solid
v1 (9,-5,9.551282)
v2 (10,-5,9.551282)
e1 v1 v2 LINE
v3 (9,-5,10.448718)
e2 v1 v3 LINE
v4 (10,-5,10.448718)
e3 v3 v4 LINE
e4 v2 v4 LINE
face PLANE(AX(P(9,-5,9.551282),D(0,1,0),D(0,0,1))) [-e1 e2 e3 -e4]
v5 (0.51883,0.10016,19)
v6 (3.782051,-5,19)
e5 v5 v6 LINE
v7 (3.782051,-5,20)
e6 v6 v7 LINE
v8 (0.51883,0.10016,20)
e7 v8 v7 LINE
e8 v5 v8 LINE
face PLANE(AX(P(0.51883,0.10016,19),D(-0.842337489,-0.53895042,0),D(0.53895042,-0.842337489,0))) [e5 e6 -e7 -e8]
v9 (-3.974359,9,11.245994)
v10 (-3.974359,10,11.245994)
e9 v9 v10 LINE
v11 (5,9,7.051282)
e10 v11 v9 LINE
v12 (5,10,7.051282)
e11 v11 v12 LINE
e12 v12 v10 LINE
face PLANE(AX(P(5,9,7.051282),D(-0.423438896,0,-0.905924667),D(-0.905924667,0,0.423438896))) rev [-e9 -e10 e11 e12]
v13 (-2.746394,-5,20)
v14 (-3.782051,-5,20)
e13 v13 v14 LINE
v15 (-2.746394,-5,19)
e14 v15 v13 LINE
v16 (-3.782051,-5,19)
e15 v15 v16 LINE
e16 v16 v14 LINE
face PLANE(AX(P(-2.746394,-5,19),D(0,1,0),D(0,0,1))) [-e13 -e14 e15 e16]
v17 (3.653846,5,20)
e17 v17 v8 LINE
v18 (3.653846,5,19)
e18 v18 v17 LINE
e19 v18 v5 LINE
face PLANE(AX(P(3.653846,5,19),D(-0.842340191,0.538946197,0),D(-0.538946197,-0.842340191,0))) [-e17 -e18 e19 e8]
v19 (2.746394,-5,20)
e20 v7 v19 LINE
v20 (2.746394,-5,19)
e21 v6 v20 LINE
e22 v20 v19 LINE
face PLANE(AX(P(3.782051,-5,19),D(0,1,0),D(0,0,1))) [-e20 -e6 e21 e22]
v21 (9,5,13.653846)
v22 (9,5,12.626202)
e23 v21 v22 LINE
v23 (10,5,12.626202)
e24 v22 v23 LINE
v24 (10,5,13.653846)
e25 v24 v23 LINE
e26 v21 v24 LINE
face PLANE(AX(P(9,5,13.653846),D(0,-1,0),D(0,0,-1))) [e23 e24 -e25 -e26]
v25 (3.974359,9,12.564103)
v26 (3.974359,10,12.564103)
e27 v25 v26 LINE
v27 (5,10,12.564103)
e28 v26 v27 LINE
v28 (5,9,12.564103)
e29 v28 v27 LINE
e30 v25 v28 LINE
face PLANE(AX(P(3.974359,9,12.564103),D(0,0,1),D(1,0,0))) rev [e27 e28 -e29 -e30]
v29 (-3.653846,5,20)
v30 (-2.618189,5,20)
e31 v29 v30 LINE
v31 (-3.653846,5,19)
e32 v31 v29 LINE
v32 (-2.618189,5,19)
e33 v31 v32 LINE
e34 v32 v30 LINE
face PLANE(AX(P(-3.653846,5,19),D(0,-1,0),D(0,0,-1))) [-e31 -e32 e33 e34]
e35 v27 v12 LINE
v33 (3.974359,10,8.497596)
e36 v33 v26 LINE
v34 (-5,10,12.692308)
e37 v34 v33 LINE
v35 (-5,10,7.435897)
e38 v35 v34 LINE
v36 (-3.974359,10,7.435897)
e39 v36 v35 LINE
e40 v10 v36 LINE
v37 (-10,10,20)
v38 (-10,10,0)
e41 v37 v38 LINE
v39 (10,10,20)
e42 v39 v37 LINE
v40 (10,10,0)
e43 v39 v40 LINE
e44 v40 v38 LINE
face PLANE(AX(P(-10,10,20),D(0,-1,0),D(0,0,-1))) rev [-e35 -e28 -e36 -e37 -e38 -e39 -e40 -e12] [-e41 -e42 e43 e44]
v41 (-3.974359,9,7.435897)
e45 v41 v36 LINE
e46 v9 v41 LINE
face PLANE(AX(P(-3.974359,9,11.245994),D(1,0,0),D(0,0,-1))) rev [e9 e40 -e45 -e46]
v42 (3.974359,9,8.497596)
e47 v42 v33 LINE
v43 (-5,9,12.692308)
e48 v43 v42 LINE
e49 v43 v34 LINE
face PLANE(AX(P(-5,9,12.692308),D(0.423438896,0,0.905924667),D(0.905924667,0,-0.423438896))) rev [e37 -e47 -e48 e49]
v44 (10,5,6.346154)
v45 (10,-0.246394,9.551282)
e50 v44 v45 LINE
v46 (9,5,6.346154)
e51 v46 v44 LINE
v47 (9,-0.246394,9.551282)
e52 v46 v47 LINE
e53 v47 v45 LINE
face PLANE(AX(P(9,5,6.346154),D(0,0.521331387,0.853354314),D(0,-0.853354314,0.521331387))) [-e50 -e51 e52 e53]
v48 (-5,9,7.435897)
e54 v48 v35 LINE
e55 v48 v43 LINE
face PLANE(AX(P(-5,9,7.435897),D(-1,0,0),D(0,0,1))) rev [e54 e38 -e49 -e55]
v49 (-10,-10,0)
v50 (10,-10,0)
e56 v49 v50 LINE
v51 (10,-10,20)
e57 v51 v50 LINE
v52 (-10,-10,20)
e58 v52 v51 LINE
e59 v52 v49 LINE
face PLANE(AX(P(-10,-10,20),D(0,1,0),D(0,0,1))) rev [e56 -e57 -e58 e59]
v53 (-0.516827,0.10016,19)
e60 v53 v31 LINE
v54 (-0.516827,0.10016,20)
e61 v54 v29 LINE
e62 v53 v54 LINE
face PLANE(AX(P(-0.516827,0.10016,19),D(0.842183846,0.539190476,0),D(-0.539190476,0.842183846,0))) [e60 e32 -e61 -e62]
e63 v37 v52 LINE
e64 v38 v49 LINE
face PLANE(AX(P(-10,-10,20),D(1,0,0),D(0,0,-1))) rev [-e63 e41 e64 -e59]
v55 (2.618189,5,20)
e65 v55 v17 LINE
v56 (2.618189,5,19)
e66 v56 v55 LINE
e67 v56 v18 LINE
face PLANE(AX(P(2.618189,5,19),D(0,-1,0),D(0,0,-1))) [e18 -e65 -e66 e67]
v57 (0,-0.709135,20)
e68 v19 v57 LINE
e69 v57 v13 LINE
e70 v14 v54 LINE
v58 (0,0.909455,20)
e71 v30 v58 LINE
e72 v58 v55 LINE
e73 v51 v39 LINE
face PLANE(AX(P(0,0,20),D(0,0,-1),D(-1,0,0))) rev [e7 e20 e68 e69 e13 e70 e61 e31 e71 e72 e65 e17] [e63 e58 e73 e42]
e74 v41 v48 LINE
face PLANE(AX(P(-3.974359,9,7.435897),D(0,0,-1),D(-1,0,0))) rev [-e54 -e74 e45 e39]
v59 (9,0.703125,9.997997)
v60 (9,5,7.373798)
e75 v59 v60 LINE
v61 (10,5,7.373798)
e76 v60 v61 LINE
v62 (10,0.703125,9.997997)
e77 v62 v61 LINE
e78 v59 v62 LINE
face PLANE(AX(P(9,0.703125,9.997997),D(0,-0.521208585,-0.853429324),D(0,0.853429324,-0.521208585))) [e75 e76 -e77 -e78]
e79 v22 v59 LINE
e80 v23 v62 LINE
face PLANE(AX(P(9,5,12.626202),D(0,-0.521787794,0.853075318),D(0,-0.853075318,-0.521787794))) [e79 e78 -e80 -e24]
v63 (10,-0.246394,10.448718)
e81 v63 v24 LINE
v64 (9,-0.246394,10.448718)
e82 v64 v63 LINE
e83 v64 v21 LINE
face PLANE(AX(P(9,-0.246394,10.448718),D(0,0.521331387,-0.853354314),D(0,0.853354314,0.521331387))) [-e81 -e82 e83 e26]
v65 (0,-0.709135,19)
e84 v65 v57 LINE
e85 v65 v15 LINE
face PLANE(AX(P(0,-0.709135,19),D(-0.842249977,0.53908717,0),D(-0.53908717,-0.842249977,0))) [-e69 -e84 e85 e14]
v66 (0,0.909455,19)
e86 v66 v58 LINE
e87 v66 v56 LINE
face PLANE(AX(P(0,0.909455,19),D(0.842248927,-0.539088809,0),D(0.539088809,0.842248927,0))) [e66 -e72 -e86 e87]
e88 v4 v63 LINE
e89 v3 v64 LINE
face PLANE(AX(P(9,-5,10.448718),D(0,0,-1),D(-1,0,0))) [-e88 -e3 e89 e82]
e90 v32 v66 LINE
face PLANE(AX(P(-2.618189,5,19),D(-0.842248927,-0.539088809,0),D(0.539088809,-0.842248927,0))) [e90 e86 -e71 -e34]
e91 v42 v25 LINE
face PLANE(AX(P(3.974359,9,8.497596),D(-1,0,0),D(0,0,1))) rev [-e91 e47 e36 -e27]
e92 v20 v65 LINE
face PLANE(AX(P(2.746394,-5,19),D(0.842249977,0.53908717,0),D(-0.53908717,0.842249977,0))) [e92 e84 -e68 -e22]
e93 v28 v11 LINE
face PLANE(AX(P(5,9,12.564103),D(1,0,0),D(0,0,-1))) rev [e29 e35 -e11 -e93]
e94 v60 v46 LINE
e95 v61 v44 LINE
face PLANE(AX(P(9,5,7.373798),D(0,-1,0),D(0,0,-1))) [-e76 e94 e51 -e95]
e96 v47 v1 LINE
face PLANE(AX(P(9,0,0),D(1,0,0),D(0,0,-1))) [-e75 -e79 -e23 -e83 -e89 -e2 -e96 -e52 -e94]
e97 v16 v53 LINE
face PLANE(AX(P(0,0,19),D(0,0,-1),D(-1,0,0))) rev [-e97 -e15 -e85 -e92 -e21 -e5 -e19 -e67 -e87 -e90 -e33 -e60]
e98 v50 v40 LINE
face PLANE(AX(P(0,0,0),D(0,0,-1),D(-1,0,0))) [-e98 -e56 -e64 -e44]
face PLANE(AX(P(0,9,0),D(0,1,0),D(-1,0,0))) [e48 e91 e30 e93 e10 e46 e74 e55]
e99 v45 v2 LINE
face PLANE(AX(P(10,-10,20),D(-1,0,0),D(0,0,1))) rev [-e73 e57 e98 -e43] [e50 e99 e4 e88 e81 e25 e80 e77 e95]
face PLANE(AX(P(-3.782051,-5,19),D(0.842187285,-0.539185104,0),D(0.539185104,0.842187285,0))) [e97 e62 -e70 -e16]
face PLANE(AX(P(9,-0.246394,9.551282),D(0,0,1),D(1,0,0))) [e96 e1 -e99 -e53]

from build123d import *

# Parameters (mm, degrees)
SKETCH1_W           = 20
SKETCH1_H           = 20
BOSS_EXTRUDE1_DEPTH = 20
CUT_EXTRUDE_X_DEPTH = 1
CUT_EXTRUDE_Y_DEPTH = 1
CUT_EXTRUDE_Z_DEPTH = 1


with BuildPart() as part:
    # Sketch1 → Boss-Extrude1 (new body)
    with BuildSketch(Plane.XY):
        Rectangle(SKETCH1_W, SKETCH1_H)
    extrude(amount=BOSS_EXTRUDE1_DEPTH)

    # Sketch2 → Cut-Extrude X (cut)
    with BuildSketch(Plane.XY.offset(20)):
        Polygon((-3.653846154, 5), (-2.618189103, 5), (0, 0.909455128), (2.618189103, 5), (3.653846154, 5), (0.518830128, 0.100160256), (3.782051282, -5), (2.746394231, -5), (0, -0.709134615), (-2.746394231, -5), (-3.782051282, -5), (-0.516826923, 0.100160256), align=None)
    extrude(amount=-CUT_EXTRUDE_X_DEPTH, mode=Mode.SUBTRACT)

    # Sketch3 → Cut-Extrude Y (cut)
    with BuildSketch(Plane(origin=(10, 0, 0), x_dir=(0, 0, -1), z_dir=(1, 0, 0))):
        Polygon((-13.653846154, 5), (-12.626201923, 5), (-9.997996795, 0.703125), (-7.373798077, 5), (-6.346153846, 5), (-9.551282051, -0.246394231), (-9.551282051, -5), (-10.448717949, -5), (-10.448717949, -0.246394231), align=None)
    extrude(amount=-CUT_EXTRUDE_Y_DEPTH, mode=Mode.SUBTRACT)

    # Sketch4 → Cut-Extrude Z (cut)
    with BuildSketch(Plane(origin=(0, 10, 0), x_dir=(1, 0, 0), z_dir=(0, 1, 0))):
        Polygon((-3.974358974, -7.435897436), (-5, -7.435897436), (-5, -12.692307692), (3.974358974, -8.497596154), (3.974358974, -12.564102564), (5, -12.564102564), (5, -7.051282051), (-3.974358974, -11.24599359), align=None)
    extrude(amount=-CUT_EXTRUDE_Z_DEPTH, mode=Mode.SUBTRACT)


solid = part.part
